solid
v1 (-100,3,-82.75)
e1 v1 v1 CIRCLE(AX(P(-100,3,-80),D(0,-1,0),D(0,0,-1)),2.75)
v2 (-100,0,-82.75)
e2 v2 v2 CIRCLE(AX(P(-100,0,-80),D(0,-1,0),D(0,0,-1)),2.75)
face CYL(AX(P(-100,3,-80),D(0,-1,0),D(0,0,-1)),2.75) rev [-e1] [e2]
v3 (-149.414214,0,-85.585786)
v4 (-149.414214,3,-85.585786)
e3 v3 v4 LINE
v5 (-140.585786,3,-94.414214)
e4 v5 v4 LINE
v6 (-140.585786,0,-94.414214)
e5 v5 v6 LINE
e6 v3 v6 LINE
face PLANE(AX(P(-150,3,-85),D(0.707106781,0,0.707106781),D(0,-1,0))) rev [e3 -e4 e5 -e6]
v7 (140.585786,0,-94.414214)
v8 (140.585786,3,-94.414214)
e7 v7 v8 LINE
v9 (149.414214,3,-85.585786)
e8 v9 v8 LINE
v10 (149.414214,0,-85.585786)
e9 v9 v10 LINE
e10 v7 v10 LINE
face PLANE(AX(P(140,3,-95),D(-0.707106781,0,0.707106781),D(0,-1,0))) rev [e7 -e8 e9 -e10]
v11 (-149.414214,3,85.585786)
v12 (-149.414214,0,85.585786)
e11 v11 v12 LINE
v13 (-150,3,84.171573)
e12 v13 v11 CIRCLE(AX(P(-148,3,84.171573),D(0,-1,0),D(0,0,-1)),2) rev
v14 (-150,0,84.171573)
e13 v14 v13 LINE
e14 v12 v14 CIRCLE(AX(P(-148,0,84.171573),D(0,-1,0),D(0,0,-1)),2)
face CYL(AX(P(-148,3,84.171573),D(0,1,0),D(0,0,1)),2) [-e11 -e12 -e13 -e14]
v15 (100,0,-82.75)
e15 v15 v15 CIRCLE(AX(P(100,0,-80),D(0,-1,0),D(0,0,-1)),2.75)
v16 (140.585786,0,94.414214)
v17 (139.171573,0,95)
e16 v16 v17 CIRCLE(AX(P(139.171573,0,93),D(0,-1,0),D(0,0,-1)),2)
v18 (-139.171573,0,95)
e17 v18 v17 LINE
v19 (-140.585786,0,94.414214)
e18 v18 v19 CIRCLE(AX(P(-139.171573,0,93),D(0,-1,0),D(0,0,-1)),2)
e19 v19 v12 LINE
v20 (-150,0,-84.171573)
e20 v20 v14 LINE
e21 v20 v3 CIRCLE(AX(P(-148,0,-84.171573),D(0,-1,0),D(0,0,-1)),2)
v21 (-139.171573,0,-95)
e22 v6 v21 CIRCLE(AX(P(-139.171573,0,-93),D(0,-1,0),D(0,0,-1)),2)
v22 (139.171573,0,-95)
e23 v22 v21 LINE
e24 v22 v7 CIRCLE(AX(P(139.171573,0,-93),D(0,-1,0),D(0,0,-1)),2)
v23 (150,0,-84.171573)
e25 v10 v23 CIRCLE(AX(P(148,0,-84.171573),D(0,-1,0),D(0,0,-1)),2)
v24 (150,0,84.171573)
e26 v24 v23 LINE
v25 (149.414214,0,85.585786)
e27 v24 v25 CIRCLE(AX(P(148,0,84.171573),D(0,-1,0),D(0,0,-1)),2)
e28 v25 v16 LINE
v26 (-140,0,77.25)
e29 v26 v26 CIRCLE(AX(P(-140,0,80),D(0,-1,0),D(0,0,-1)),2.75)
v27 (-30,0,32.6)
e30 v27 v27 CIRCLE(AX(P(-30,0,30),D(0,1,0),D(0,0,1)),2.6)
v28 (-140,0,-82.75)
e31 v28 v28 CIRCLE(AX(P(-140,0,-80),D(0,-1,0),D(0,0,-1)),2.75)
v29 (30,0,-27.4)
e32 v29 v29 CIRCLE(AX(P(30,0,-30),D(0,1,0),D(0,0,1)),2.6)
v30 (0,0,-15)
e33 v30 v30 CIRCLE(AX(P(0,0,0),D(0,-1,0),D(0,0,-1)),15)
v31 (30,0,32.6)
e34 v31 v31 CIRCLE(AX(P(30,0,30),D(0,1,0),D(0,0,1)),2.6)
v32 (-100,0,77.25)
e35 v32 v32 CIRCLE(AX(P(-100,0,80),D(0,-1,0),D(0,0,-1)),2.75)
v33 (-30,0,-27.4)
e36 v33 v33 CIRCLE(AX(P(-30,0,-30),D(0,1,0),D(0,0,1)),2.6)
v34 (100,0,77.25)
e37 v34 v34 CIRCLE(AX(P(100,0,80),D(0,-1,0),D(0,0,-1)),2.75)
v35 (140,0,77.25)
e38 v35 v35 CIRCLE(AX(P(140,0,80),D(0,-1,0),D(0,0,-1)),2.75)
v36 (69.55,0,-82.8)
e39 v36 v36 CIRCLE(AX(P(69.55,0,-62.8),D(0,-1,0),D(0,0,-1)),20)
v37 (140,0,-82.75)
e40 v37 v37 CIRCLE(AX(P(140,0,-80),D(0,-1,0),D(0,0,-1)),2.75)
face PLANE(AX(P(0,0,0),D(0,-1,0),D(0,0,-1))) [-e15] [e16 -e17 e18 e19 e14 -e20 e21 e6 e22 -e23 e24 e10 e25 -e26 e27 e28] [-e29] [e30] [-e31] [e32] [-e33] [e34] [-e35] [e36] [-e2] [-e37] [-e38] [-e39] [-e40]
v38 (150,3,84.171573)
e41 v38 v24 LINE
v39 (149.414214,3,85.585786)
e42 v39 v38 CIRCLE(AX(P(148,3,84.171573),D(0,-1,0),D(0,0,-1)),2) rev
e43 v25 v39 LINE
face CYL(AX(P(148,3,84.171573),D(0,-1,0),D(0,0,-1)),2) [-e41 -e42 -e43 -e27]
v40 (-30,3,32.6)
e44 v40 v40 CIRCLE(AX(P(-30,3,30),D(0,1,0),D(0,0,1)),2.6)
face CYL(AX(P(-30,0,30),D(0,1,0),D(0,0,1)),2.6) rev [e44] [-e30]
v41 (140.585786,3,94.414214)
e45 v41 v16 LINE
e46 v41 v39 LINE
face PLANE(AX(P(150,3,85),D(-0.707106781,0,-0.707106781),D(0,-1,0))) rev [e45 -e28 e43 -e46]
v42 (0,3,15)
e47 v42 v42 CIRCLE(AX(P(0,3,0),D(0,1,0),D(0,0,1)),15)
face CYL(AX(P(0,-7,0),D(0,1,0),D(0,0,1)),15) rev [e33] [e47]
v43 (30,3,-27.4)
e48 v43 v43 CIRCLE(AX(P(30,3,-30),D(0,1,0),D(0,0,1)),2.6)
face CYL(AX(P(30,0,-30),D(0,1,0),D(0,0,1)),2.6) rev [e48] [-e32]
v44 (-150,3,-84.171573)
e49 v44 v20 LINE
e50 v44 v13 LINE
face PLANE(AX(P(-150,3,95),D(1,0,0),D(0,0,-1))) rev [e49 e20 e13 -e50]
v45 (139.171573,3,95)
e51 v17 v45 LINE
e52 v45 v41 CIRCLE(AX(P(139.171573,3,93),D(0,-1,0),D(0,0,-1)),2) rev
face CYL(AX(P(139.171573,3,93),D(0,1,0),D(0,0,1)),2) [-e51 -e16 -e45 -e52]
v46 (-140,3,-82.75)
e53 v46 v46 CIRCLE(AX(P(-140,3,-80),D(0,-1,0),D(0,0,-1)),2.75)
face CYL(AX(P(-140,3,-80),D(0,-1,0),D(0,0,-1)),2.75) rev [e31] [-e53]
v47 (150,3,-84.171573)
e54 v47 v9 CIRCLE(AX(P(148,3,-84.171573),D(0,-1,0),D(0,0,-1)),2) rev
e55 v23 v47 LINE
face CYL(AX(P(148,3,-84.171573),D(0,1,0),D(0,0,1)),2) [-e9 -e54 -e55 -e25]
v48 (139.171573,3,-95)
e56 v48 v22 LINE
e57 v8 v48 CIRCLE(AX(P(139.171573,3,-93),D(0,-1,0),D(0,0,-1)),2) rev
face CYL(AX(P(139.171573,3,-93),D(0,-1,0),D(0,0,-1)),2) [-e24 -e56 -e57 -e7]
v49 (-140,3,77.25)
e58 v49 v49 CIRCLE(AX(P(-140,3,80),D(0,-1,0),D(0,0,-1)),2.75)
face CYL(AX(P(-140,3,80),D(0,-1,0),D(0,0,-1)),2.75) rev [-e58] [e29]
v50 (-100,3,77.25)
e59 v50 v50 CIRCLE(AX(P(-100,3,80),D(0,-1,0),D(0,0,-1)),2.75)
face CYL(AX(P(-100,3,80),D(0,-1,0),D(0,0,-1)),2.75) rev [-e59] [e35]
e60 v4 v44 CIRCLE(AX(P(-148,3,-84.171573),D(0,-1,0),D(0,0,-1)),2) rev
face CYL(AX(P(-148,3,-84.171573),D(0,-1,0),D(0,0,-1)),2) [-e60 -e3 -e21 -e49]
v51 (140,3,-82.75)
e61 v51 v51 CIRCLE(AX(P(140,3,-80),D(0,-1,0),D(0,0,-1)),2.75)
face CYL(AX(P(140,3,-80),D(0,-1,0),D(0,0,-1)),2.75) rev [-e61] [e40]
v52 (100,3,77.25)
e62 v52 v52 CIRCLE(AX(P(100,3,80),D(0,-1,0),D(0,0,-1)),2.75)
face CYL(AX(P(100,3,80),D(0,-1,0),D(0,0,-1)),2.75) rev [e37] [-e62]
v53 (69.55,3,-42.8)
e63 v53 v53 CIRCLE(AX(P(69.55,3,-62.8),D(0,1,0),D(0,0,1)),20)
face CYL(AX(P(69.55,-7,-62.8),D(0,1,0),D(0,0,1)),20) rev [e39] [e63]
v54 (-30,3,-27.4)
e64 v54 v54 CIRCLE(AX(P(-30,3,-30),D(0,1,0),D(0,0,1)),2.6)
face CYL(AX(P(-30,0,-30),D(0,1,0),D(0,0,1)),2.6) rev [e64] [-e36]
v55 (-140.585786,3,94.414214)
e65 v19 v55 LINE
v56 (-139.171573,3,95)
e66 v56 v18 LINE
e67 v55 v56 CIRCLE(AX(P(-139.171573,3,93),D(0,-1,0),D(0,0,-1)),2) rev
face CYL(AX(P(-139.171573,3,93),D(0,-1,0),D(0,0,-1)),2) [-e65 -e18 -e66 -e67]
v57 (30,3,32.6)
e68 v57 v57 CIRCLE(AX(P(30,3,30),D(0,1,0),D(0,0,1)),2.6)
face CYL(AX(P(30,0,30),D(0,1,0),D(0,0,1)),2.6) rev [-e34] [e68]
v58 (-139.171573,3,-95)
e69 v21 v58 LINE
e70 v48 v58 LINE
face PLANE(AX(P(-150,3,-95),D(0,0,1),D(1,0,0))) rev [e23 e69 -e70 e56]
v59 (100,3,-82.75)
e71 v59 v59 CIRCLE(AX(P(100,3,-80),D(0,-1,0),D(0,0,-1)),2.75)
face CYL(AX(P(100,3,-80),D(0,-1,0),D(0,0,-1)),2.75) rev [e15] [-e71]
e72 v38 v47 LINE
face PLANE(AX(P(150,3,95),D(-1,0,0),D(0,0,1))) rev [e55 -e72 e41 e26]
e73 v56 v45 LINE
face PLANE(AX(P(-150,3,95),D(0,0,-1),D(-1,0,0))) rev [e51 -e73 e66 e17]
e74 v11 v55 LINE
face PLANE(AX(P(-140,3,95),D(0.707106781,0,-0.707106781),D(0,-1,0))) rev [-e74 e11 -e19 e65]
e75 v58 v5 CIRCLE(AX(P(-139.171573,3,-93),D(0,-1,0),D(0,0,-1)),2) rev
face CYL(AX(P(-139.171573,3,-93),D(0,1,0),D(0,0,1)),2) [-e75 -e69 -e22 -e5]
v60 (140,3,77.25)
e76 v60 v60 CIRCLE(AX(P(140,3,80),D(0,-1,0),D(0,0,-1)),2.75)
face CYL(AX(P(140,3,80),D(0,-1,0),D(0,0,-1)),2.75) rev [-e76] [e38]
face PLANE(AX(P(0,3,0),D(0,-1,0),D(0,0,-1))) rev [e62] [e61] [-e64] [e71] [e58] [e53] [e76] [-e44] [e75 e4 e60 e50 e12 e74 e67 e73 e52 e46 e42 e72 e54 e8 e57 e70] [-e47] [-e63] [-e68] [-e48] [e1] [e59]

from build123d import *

# Parameters (mm, degrees)
ESQUISSE1_W                     = 300
ESQUISSE1_H                     = 190
BOSS_EXTRU_1_DEPTH              = 3
CHANFREIN1_SIZE                 = 10
CONG_1_R                        = 2
ESQUISSE2_R                     = 2.75
ENL_V_MAT_EXTRU_1_DEPTH         = 4
R_P_TITION_LIN_AIRE1_COUNT      = 2
R_P_TITION_LIN_AIRE1_PITCH      = 240
R_P_TITION_LIN_AIRE1_COUNT_DIR2 = 2
R_P_TITION_LIN_AIRE1_PITCH_DIR2 = 160
ESQUISSE4_R                     = 2.75
ESQUISSE4_R_2                   = 20
ESQUISSE4_R_3                   = 15
ENL_V_MAT_EXTRU_3_DEPTH         = 10
ESQUISSE5_R                     = 2.6
ENL_V_MAT_EXTRU_4_DEPTH         = 4


with BuildPart() as part:
    # Esquisse1 → Boss.-Extru.1 (new body)
    with BuildSketch(Plane(origin=(0, 0, 0), x_dir=(1, 0, 0), z_dir=(0, 1, 0))):
        Rectangle(ESQUISSE1_W, ESQUISSE1_H)
    extrude(amount=BOSS_EXTRU_1_DEPTH)

    # Chanfrein1
    chanfrein1_edges = [part.edges().sort_by_distance(p)[0] for p in [
        (150, 1.5, 95),
        (-150, 1.5, 95),
        (-150, 1.5, -95),
        (150, 1.5, -95),
    ]]
    chamfer(chanfrein1_edges, length=CHANFREIN1_SIZE)

    # Congé1
    cong_1_edges = [part.edges().sort_by_distance(p)[0] for p in [
        (140, 1.5, 95),
        (-140, 1.5, 95),
        (-150, 1.5, -85),
        (-150, 1.5, 85),
        (150, 1.5, -85),
        (150, 1.5, 85),
        (-140, 1.5, -95),
        (140, 1.5, -95),
    ]]
    fillet(cong_1_edges, radius=CONG_1_R)

    # Esquisse2 → Enlèv. mat.-Extru.1 (cut, through all)
    with BuildSketch(Plane.XZ):
        with Locations((-140, 80)):
            Circle(ESQUISSE2_R)
        with Locations((-100, 80)):
            Circle(ESQUISSE2_R)
    enl_v_mat_extru_1 = extrude(amount=-ENL_V_MAT_EXTRU_1_DEPTH, mode=Mode.SUBTRACT)

    # Répétition linéaire1: Enl_v. mat.-Extru.1 2 × 2
    with Locations(*[(i * R_P_TITION_LIN_AIRE1_PITCH, 0, -j * R_P_TITION_LIN_AIRE1_PITCH_DIR2) for i in range(R_P_TITION_LIN_AIRE1_COUNT) for j in range(R_P_TITION_LIN_AIRE1_COUNT_DIR2) if (i, j) != (0, 0)]):
        add(enl_v_mat_extru_1, mode=Mode.SUBTRACT)

    # Esquisse4 → Enlèv. mat.-Extru.3 (cut)
    with BuildSketch(Plane(origin=(0, 3, 0), x_dir=(1, 0, 0), z_dir=(0, 1, 0))):
        with Locations((100, 80)):
            Circle(ESQUISSE4_R)
        with Locations((69.55, 62.8)):
            Circle(ESQUISSE4_R_2)
        Circle(ESQUISSE4_R_3)
    extrude(amount=-ENL_V_MAT_EXTRU_3_DEPTH, mode=Mode.SUBTRACT)

    # Esquisse5 → Enlèv. mat.-Extru.4 (cut, through all)
    with BuildSketch(Plane(origin=(0, 3, 0), x_dir=(1, 0, 0), z_dir=(0, 1, 0))):
        with Locations((-30, 30)):
            Circle(ESQUISSE5_R)
        with Locations((30, 30)):
            Circle(ESQUISSE5_R)
        with Locations((30, -30)):
            Circle(ESQUISSE5_R)
        with Locations((-30, -30)):
            Circle(ESQUISSE5_R)
    extrude(amount=-ENL_V_MAT_EXTRU_4_DEPTH, mode=Mode.SUBTRACT)


solid = part.part
